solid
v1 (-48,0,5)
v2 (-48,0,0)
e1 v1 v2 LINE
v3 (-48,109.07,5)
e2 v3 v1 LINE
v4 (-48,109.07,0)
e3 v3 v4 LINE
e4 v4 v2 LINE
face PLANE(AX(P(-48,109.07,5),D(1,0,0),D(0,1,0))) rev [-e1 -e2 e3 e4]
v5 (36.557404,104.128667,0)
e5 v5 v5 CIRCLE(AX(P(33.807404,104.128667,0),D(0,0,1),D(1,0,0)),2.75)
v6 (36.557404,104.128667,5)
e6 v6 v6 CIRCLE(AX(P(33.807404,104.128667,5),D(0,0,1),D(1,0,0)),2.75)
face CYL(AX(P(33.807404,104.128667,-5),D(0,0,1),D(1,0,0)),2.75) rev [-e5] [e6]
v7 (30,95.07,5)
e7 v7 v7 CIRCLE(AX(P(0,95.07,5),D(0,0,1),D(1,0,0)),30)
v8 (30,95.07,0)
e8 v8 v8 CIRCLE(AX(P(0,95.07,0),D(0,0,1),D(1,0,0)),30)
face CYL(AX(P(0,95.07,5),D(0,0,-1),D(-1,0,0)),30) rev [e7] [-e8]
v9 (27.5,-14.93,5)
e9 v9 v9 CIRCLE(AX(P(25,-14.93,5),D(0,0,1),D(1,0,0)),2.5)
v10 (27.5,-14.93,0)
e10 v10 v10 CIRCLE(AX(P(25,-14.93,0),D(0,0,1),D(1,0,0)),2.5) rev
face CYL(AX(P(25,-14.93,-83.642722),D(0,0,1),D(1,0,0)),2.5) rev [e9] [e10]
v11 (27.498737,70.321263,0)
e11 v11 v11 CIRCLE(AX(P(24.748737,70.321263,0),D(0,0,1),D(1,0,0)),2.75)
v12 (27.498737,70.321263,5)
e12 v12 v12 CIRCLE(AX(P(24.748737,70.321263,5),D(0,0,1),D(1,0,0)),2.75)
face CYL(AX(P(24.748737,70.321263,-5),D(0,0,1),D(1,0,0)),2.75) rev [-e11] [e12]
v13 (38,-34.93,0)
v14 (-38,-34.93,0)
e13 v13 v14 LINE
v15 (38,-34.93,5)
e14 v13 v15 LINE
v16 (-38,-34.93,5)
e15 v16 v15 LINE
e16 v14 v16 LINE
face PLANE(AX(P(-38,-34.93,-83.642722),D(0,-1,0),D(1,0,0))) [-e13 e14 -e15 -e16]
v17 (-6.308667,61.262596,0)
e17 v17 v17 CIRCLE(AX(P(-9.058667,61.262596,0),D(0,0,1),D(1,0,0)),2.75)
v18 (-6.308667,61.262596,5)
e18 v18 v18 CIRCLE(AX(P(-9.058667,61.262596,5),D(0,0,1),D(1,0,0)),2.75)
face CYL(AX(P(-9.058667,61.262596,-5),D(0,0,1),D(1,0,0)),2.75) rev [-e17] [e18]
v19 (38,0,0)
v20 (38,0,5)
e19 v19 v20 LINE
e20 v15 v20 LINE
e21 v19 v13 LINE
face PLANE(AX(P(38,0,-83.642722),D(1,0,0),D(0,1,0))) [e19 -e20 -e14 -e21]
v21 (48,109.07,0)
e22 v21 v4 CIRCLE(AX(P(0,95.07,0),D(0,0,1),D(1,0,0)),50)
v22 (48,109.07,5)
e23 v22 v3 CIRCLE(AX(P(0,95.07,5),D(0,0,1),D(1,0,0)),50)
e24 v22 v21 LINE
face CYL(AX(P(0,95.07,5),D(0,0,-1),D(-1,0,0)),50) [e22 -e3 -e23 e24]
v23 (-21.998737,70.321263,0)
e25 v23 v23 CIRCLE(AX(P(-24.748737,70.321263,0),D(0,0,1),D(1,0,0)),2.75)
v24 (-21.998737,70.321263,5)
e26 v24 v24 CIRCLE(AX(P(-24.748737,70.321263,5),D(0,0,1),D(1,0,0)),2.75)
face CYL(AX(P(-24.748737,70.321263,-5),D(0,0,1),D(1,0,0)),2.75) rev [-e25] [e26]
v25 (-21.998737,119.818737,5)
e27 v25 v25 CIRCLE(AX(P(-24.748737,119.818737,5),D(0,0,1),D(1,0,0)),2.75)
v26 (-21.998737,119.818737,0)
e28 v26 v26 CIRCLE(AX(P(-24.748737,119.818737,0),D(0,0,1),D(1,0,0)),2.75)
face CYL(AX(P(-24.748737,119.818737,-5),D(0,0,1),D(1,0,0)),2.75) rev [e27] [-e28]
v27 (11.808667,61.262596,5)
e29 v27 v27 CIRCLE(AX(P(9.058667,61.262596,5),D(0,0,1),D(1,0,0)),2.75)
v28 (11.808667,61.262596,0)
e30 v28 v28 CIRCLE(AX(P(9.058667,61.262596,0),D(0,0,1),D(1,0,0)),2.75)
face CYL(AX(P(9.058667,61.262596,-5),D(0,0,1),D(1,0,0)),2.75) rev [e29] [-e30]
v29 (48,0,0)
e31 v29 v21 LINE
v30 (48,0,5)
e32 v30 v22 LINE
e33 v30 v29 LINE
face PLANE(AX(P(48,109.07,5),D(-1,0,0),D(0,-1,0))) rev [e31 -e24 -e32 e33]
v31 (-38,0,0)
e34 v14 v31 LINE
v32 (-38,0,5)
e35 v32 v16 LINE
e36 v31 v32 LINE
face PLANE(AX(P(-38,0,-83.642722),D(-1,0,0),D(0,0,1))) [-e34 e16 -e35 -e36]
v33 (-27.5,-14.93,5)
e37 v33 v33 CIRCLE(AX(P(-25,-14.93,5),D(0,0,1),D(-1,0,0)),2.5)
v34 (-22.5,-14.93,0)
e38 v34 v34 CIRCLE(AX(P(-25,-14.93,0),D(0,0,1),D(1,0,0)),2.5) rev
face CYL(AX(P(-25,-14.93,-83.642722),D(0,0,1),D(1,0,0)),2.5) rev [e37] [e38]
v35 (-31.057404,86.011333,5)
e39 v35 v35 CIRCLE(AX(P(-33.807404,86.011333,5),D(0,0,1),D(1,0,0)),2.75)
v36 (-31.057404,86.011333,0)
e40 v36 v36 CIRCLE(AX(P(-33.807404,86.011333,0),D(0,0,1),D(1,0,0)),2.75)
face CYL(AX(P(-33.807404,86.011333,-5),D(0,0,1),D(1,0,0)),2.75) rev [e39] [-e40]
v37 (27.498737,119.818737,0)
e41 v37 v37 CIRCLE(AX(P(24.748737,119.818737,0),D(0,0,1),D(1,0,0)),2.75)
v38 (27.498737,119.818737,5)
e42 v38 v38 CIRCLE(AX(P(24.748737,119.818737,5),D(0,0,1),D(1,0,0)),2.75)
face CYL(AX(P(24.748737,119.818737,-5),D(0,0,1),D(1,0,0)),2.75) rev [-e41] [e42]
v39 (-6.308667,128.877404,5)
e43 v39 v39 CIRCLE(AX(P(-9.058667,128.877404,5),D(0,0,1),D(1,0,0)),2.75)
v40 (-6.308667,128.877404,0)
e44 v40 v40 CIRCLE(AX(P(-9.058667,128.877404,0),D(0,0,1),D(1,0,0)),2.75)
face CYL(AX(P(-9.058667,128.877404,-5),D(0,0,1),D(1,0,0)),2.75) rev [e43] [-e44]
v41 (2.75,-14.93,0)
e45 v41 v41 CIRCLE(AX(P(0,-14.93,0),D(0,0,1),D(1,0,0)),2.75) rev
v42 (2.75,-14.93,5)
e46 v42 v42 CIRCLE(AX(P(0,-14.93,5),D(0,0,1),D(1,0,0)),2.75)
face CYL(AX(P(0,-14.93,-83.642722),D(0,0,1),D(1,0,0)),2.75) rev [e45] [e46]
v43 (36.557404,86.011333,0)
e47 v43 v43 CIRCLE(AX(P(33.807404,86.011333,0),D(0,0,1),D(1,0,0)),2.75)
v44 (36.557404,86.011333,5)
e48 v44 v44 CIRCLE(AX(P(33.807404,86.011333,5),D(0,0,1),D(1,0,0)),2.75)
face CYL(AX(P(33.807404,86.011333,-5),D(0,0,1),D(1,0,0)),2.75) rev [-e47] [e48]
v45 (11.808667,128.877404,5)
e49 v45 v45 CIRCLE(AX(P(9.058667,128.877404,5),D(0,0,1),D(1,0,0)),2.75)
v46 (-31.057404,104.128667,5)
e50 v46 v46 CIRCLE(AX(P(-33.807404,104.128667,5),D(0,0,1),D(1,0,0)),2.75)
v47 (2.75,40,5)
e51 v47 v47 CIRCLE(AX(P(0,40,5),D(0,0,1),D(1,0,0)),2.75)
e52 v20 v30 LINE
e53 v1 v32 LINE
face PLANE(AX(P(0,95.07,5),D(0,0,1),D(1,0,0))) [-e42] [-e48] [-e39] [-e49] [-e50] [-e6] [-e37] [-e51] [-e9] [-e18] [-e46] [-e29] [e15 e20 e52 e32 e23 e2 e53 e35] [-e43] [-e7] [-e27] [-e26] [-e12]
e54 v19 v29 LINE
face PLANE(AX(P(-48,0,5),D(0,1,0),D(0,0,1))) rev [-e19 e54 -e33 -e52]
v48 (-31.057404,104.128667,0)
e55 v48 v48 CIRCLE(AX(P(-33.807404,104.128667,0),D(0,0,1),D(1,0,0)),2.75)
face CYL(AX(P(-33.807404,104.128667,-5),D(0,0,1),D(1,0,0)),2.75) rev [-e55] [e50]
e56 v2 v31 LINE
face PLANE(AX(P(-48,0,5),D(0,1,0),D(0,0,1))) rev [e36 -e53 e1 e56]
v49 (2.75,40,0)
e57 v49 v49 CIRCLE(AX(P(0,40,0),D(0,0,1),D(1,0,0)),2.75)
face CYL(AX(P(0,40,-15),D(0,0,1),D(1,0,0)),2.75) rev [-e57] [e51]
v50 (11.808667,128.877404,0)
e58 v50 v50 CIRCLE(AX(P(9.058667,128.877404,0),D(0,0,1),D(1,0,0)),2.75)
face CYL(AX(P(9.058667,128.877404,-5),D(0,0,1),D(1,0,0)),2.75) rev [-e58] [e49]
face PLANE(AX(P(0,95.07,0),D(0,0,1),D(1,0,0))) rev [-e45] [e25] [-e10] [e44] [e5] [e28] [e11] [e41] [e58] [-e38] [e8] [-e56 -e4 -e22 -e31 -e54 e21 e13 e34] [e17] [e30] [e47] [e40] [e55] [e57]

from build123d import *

# Parameters (mm, degrees)
SKETCH_1_R          = 30
EXTRUDE_1_DEPTH     = 5
SKETCH_3_R          = 2.75
CUT_EXTRUDE_2_DEPTH = 20
SKETCH_4_R          = 2.75
CUT_EXTRUDE_3_DEPTH = 10
SKETCH_10_W         = 76
SKETCH_10_H         = 34.93
SKETCH_10_R         = 2.5
SKETCH_10_R_2       = 2.75
EXTRUDE_2_DEPTH     = 5


with BuildPart() as part:
    # 草图1 → 凸台-拉伸1 (new body)
    with BuildSketch(Plane.XY):
        with BuildLine():
            Line((-48, 109.07), (-48, 0))
            Line((-48, 0), (48, 0))
            Line((48, 0), (48, 109.07))
            ThreePointArc((48, 109.07), (0, 145.07), (-48, 109.07))
        make_face()
        with Locations((0, 95.07)):
            Circle(SKETCH_1_R, mode=Mode.SUBTRACT)
    extrude(amount=EXTRUDE_1_DEPTH)

    # 草图3 → 切除-拉伸2 (cut)
    with BuildSketch(Plane.XY.offset(5)):
        with Locations((0, 40)):
            Circle(SKETCH_3_R)
    extrude(amount=-CUT_EXTRUDE_2_DEPTH, mode=Mode.SUBTRACT)

    # 草图4 → 切除-拉伸3 (cut)
    with BuildSketch(Plane.XY.offset(5)):
        with Locations((9.058666579, 128.87740392)):
            Circle(SKETCH_4_R)
        with Locations((24.748737342, 119.818737342)):
            Circle(SKETCH_4_R)
        with Locations((33.80740392, 104.128666579)):
            Circle(SKETCH_4_R)
        with Locations((33.80740392, 86.011333421)):
            Circle(SKETCH_4_R)
        with Locations((24.748737342, 70.321262658)):
            Circle(SKETCH_4_R)
        with Locations((9.058666579, 61.26259608)):
            Circle(SKETCH_4_R)
        with Locations((-9.058666579, 61.26259608)):
            Circle(SKETCH_4_R)
        with Locations((-24.748737342, 70.321262658)):
            Circle(SKETCH_4_R)
        with Locations((-33.80740392, 86.011333421)):
            Circle(SKETCH_4_R)
        with Locations((-33.80740392, 104.128666579)):
            Circle(SKETCH_4_R)
        with Locations((-24.748737342, 119.818737342)):
            Circle(SKETCH_4_R)
        with Locations((-9.058666579, 128.87740392)):
            Circle(SKETCH_4_R)
    extrude(amount=-CUT_EXTRUDE_3_DEPTH, mode=Mode.SUBTRACT)

    # 草图10 → 凸台-拉伸2 (add)
    with BuildSketch(Plane.XY.offset(5)):
        with Locations((0, -17.465)):
            Rectangle(SKETCH_10_W, SKETCH_10_H)
        with Locations((25, -14.93)):
            Circle(SKETCH_10_R, mode=Mode.SUBTRACT)
        with Locations((-25, -14.93)):
            Circle(SKETCH_10_R, mode=Mode.SUBTRACT)
        with Locations((0, -14.93)):
            Circle(SKETCH_10_R_2, mode=Mode.SUBTRACT)
    extrude(amount=-EXTRUDE_2_DEPTH)


solid = part.part
